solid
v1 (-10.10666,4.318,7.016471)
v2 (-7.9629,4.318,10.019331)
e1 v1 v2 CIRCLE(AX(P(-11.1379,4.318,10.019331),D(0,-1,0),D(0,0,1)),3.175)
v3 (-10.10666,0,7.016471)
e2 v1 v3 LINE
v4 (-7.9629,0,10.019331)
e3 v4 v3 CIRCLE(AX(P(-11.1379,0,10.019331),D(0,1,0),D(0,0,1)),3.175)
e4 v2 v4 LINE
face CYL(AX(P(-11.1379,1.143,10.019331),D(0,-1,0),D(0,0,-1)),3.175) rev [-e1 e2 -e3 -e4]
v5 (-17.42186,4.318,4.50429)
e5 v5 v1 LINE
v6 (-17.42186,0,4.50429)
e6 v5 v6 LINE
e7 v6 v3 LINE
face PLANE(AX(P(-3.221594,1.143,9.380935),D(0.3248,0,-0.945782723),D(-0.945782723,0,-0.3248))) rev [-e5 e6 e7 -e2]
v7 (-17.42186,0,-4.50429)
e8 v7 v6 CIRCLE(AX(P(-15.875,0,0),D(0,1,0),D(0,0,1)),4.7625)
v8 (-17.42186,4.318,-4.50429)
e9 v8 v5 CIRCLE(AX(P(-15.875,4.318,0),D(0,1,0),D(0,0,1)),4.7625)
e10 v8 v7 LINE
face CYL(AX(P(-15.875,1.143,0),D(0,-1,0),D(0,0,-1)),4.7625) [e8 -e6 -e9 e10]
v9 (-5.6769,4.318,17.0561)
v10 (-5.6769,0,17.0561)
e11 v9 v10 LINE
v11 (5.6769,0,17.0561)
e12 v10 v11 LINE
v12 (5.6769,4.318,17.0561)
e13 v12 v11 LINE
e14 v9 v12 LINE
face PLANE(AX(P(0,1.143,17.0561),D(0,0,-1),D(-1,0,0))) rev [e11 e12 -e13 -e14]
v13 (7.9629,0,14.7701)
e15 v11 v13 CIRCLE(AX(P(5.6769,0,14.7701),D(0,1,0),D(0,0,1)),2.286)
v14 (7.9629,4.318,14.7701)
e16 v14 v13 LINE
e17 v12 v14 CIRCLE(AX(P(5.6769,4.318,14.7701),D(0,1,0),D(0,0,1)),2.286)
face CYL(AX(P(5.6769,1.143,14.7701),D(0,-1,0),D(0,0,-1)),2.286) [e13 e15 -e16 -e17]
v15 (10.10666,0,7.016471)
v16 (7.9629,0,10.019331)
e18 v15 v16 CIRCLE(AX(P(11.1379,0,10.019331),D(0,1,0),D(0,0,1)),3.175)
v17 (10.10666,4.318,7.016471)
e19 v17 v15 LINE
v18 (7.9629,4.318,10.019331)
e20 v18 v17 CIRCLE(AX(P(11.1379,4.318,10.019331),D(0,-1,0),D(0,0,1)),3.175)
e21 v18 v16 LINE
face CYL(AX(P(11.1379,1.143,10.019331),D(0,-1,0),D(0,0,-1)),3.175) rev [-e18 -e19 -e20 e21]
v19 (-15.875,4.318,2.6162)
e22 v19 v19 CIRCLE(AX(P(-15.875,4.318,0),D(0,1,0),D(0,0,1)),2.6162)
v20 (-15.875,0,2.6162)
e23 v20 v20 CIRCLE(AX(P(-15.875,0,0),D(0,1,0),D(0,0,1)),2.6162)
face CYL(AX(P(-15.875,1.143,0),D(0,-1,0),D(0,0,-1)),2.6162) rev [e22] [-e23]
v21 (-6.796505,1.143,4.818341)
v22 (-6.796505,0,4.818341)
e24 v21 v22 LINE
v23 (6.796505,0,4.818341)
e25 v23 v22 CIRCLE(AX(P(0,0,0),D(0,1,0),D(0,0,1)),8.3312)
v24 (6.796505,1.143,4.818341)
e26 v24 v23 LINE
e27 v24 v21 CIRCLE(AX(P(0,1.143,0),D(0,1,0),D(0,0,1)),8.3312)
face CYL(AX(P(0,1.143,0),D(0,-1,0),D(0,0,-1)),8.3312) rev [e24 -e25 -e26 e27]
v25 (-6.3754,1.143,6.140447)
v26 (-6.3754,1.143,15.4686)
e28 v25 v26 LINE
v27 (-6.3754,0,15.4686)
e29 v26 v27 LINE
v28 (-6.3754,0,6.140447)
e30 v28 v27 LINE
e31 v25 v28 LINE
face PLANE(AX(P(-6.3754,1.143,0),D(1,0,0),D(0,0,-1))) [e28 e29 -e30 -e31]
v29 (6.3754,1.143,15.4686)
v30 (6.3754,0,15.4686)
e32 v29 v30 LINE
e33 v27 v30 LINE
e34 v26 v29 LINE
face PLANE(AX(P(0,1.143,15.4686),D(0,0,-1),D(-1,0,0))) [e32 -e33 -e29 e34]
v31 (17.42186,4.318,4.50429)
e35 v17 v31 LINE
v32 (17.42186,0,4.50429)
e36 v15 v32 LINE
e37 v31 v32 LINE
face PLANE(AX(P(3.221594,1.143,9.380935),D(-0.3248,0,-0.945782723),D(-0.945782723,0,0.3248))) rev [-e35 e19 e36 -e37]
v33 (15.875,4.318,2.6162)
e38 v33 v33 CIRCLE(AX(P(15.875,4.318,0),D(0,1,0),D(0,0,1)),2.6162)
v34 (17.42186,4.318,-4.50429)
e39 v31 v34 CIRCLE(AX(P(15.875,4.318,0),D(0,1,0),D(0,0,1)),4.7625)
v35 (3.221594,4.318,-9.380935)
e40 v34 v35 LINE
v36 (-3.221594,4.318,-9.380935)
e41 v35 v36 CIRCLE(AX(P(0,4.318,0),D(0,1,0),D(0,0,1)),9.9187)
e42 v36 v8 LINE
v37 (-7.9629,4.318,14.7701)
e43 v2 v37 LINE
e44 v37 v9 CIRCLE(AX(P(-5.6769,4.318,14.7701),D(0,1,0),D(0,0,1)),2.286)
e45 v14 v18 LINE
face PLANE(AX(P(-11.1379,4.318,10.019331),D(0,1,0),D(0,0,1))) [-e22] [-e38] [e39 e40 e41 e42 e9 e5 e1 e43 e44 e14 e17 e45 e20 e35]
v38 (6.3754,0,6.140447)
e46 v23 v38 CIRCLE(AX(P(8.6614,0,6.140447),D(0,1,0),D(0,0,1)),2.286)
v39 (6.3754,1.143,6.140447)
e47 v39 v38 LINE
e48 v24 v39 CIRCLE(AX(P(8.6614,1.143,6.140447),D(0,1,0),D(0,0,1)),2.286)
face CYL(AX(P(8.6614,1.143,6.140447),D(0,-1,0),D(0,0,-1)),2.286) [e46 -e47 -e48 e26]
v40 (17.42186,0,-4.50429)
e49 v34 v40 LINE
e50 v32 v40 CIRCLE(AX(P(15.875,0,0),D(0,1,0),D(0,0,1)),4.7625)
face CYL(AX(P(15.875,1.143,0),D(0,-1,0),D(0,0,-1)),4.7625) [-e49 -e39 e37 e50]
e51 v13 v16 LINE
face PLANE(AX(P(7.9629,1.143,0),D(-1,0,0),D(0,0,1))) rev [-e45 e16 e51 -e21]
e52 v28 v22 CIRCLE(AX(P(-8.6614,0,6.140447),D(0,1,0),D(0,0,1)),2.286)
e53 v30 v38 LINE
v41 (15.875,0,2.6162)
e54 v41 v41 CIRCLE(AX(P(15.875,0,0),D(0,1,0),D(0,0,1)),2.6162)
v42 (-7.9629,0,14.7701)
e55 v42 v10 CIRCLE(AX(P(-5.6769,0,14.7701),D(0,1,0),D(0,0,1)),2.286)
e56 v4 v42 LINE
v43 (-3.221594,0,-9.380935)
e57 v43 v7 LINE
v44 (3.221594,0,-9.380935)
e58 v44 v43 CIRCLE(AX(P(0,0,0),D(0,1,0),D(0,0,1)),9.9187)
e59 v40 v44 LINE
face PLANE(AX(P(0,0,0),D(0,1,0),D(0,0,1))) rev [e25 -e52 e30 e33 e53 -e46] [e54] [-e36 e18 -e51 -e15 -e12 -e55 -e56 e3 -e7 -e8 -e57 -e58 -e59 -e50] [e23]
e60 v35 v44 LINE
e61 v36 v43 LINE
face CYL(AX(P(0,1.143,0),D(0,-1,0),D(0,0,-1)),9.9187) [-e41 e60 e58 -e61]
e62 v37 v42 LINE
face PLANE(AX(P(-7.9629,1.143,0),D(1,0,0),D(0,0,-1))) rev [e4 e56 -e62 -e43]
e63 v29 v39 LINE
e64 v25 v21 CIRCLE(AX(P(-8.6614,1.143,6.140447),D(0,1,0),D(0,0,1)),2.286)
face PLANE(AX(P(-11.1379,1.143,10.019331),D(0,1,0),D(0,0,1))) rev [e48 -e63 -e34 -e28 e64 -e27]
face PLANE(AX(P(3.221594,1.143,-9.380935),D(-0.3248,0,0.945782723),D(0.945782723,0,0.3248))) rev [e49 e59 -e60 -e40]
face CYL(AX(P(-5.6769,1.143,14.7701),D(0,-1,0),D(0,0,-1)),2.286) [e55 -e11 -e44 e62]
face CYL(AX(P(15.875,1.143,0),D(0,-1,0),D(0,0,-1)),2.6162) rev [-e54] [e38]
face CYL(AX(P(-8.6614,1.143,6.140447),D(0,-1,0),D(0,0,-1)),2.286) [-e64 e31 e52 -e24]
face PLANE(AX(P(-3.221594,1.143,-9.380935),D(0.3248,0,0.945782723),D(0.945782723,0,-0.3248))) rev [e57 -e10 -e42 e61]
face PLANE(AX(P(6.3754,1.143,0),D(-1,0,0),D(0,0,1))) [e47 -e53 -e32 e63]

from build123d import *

# Parameters (mm, degrees)
BOSS_EXTRUDE1_DEPTH = 1.143
SKETCH2_R           = 2.6162
BOSS_EXTRUDE2_DEPTH = 3.175


with BuildPart() as part:
    # Sketch1 → Boss-Extrude1 (new body)
    with BuildSketch(Plane(origin=(0, 0, 0), x_dir=(1, 0, 0), z_dir=(0, 1, 0))):
        with BuildLine():
            Line((-7.9629, -10.019330915), (-7.9629, -14.7701))
            ThreePointArc((-7.9629, -14.7701), (-7.293346102, -16.386546102), (-5.6769, -17.0561))
            Line((-5.6769, -17.0561), (5.6769, -17.0561))
            ThreePointArc((5.6769, -17.0561), (7.293346102, -16.386546102), (7.9629, -14.7701))
            Line((7.9629, -14.7701), (7.9629, -10.019330915))
            ThreePointArc((7.9629, -10.019330915), (8.553832276, -8.174549356), (10.10666, -7.016470768))
            Line((10.10666, -7.016470768), (17.42186, -4.50429022))
            ThreePointArc((17.42186, -4.50429022), (20.6375, 0), (17.42186, 4.50429022))
            Line((17.42186, 4.50429022), (3.22159376, 9.380935099))
            ThreePointArc((3.22159376, 9.380935099), (1.633084309, 9.783335082), (0, 9.9187))
            ThreePointArc((0, 9.9187), (-1.633084309, 9.783335082), (-3.22159376, 9.380935099))
            Line((-3.22159376, 9.380935099), (-17.42186, 4.50429022))
            ThreePointArc((-17.42186, 4.50429022), (-20.6375, 0), (-17.42186, -4.50429022))
            Line((-17.42186, -4.50429022), (-10.10666, -7.016470768))
            ThreePointArc((-10.10666, -7.016470768), (-8.553832276, -8.174549356), (-7.9629, -10.019330915))
        make_face()
        with BuildLine():
            ThreePointArc((-15.875, 2.6162), (-18.4912, 0), (-15.875, -2.6162))
            ThreePointArc((-15.875, -2.6162), (-13.2588, 0), (-15.875, 2.6162))
        make_face(mode=Mode.SUBTRACT)
        with BuildLine():
            ThreePointArc((6.796505263, -4.818340964), (0, 8.3312), (-6.796505263, -4.818340964))
            ThreePointArc((-6.796505263, -4.818340964), (-6.483218951, -5.44667203), (-6.3754, -6.140446717))
            Line((-6.3754, -6.140446717), (-6.3754, -15.4686))
            Line((-6.3754, -15.4686), (6.3754, -15.4686))
            Line((6.3754, -15.4686), (6.3754, -9.7536))
            Line((6.3754, -9.7536), (6.3754, -6.140446717))
            ThreePointArc((6.3754, -6.140446717), (6.483218951, -5.44667203), (6.796505263, -4.818340964))
        make_face(mode=Mode.SUBTRACT)
        with BuildLine():
            ThreePointArc((15.875, 2.6162), (13.2588, 0), (15.875, -2.6162))
            ThreePointArc((15.875, -2.6162), (18.4912, 0), (15.875, 2.6162))
        make_face(mode=Mode.SUBTRACT)
    extrude(amount=BOSS_EXTRUDE1_DEPTH)

    # Sketch2 → Boss-Extrude2 (add)
    with BuildSketch(Plane(origin=(0, 1.143, 0), x_dir=(1, 0, 0), z_dir=(0, 1, 0))):
        with BuildLine():
            Line((-7.9629, -10.019330915), (-7.9629, -14.7701))
            ThreePointArc((-7.9629, -14.7701), (-7.293346102, -16.386546102), (-5.6769, -17.0561))
            Line((-5.6769, -17.0561), (5.6769, -17.0561))
            ThreePointArc((5.6769, -17.0561), (7.293346102, -16.386546102), (7.9629, -14.7701))
            Line((7.9629, -14.7701), (7.9629, -10.019330915))
            ThreePointArc((7.9629, -10.019330915), (8.553832276, -8.174549356), (10.10666, -7.016470768))
            Line((10.10666, -7.016470768), (17.42186, -4.50429022))
            ThreePointArc((17.42186, -4.50429022), (20.6375, 0), (17.42186, 4.50429022))
            Line((17.42186, 4.50429022), (3.22159376, 9.380935099))
            ThreePointArc((3.22159376, 9.380935099), (0, 9.9187), (-3.22159376, 9.380935099))
            Line((-3.22159376, 9.380935099), (-17.42186, 4.50429022))
            ThreePointArc((-17.42186, 4.50429022), (-20.6375, 0), (-17.42186, -4.50429022))
            Line((-17.42186, -4.50429022), (-10.10666, -7.016470768))
            ThreePointArc((-10.10666, -7.016470768), (-8.553832276, -8.174549356), (-7.9629, -10.019330915))
        make_face()
        with Locations(Location((15.875, 0, 0), (0, 0, 270))):
            Circle(SKETCH2_R, mode=Mode.SUBTRACT)
        with Locations(Location((-15.875, 0, 0), (0, 0, 270))):
            Circle(SKETCH2_R, mode=Mode.SUBTRACT)
    extrude(amount=BOSS_EXTRUDE2_DEPTH)


solid = part.part
